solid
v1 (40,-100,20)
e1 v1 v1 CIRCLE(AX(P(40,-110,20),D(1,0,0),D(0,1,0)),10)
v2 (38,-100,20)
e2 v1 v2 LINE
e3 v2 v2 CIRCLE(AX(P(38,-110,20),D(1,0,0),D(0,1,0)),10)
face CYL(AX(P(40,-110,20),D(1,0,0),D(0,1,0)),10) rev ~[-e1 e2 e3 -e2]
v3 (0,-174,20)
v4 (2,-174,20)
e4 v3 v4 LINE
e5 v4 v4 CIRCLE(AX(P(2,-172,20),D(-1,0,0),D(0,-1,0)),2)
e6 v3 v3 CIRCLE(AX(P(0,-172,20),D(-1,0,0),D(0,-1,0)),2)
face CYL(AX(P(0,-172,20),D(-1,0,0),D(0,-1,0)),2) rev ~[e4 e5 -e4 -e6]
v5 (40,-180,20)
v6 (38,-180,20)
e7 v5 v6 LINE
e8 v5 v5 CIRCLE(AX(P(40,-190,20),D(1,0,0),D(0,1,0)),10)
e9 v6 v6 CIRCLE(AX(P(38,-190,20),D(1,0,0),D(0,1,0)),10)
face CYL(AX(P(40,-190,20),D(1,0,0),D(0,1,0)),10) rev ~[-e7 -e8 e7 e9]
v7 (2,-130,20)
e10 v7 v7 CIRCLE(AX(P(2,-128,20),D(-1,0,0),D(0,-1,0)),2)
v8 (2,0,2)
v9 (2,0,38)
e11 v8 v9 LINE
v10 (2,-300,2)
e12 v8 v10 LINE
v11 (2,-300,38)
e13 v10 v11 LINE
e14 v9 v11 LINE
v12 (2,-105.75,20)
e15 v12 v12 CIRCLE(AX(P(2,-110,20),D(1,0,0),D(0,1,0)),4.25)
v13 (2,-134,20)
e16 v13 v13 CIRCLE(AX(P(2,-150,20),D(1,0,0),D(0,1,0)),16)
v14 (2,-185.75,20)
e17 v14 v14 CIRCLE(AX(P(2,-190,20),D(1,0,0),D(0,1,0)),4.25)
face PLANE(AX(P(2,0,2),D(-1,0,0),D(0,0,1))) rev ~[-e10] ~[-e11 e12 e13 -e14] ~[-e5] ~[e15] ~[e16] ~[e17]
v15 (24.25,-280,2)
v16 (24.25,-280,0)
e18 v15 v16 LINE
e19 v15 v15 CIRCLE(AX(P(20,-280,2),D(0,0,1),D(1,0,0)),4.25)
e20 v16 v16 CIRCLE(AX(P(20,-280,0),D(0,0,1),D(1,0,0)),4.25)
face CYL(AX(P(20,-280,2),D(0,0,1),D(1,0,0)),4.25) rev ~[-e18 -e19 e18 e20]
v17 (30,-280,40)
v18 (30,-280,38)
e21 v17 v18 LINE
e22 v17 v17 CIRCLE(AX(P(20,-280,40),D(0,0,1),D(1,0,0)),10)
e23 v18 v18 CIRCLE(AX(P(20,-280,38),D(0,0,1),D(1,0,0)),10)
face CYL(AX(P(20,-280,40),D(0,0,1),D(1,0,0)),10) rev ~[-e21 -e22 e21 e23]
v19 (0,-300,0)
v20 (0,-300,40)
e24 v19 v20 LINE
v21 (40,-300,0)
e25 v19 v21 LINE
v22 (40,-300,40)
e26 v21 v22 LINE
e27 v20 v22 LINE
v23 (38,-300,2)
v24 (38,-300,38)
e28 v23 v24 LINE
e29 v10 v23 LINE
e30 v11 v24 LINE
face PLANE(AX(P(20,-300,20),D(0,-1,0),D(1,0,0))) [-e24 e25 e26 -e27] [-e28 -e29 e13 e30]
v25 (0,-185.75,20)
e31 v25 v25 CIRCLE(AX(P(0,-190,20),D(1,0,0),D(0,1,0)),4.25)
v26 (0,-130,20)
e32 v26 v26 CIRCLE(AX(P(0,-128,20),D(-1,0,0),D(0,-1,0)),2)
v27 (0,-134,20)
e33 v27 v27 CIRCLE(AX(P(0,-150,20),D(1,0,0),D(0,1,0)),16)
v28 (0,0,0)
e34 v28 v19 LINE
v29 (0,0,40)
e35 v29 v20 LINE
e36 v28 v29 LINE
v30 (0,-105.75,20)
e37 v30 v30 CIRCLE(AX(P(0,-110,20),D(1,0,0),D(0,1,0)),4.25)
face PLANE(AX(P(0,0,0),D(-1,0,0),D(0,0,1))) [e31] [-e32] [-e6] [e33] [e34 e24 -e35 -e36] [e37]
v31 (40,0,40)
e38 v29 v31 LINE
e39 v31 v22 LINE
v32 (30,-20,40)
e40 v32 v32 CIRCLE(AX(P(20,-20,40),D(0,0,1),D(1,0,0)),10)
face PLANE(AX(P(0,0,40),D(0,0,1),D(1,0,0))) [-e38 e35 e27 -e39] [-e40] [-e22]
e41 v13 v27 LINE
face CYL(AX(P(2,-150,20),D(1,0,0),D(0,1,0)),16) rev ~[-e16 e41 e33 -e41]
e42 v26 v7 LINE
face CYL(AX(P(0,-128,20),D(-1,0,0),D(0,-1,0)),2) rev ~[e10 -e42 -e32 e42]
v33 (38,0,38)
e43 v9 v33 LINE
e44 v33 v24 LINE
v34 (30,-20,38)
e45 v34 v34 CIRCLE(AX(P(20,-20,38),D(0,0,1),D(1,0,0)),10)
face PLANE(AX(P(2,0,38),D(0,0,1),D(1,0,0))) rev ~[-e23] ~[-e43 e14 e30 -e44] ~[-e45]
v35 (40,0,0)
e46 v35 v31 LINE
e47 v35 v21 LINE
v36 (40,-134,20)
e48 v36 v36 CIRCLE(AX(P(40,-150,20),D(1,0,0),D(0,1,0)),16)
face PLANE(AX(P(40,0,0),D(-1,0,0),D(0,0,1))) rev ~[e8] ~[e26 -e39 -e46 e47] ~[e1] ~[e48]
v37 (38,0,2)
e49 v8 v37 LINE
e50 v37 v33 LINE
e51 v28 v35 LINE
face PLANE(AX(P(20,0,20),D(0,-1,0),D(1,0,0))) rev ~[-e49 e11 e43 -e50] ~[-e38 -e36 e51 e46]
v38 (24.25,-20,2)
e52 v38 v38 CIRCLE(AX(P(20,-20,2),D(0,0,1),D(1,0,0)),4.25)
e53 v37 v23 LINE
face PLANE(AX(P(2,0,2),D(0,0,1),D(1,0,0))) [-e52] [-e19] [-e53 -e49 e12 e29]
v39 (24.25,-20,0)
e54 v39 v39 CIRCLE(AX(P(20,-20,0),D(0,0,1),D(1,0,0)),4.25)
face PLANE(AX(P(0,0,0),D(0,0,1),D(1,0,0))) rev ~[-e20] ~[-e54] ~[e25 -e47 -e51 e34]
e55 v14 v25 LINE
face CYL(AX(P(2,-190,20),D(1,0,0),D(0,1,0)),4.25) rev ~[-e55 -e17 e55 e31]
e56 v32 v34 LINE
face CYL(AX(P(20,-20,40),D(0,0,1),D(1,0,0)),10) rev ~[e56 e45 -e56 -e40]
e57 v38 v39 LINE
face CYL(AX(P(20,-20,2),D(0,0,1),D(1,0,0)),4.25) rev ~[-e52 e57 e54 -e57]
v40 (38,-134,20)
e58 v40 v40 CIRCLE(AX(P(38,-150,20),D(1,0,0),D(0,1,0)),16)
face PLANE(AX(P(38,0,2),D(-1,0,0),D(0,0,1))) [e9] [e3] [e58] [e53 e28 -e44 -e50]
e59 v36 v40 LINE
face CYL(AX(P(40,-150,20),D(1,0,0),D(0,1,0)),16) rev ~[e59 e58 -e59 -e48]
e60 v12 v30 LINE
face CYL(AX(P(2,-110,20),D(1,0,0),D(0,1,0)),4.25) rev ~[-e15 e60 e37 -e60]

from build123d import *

# Parameters (mm, degrees)
F0_W      = 40
F0_H      = 40
F0_W_2    = 36
F0_H_2    = 36
F1_DEPTH  = 300
F2_R      = 16
F2_R_2    = 10
F3_DEPTH  = 25
F4_R      = 16
F4_R_2    = 4.25
F5_DEPTH  = 25
F6_R      = 10
F7_DEPTH  = 25
F8_R      = 4.25
F9_DEPTH  = 25
F10_R     = 2
F11_DEPTH = 25


with BuildPart() as f1:
    # F0 (on Front) → F1 (new body)
    with BuildSketch(Plane.XZ):
        with Locations((20, 20)):
            Rectangle(F0_W, F0_H)
        with Locations((20, 20)):
            Rectangle(F0_W_2, F0_H_2, mode=Mode.SUBTRACT)
    extrude(amount=F1_DEPTH)

    # F2 (on face) → F3 (cut)
    with BuildSketch(Plane.YZ.offset(40)):
        with Locations((-150, 20)):
            Circle(F2_R)
        with Locations((-190, 20)):
            Circle(F2_R_2)
        with Locations((-110, 20)):
            Circle(F2_R_2)
    extrude(amount=-F3_DEPTH, mode=Mode.SUBTRACT)

    # F4 (on face) → F5 (cut)
    with BuildSketch(Plane.YZ.offset(2)):
        with Locations((-150, 20)):
            Circle(F4_R)
        with Locations((-190, 20)):
            Circle(F4_R_2)
        with Locations((-110, 20)):
            Circle(F4_R_2)
    extrude(amount=-F5_DEPTH, mode=Mode.SUBTRACT)

    # F6 (on face) → F7 (cut)
    with BuildSketch(Plane.XY.offset(40)):
        with Locations((20, -280)):
            Circle(F6_R)
        with Locations((20, -20)):
            Circle(F6_R)
    extrude(amount=-F7_DEPTH, mode=Mode.SUBTRACT)

    # F8 (on face) → F9 (cut)
    with BuildSketch(Plane.XY.offset(2)):
        with Locations((20, -280)):
            Circle(F8_R)
        with Locations((20, -20)):
            Circle(F8_R)
    extrude(amount=-F9_DEPTH, mode=Mode.SUBTRACT)

    # F10 (on face) → F11 (cut)
    with BuildSketch(Plane(origin=(0, 0, 0), x_dir=(0, -1, 0), z_dir=(-1, 0, 0))):
        with Locations((128, 20)):
            Circle(F10_R)
        with Locations((172, 20)):
            Circle(F10_R)
    extrude(amount=-F11_DEPTH, mode=Mode.SUBTRACT)


solid = f1.part
